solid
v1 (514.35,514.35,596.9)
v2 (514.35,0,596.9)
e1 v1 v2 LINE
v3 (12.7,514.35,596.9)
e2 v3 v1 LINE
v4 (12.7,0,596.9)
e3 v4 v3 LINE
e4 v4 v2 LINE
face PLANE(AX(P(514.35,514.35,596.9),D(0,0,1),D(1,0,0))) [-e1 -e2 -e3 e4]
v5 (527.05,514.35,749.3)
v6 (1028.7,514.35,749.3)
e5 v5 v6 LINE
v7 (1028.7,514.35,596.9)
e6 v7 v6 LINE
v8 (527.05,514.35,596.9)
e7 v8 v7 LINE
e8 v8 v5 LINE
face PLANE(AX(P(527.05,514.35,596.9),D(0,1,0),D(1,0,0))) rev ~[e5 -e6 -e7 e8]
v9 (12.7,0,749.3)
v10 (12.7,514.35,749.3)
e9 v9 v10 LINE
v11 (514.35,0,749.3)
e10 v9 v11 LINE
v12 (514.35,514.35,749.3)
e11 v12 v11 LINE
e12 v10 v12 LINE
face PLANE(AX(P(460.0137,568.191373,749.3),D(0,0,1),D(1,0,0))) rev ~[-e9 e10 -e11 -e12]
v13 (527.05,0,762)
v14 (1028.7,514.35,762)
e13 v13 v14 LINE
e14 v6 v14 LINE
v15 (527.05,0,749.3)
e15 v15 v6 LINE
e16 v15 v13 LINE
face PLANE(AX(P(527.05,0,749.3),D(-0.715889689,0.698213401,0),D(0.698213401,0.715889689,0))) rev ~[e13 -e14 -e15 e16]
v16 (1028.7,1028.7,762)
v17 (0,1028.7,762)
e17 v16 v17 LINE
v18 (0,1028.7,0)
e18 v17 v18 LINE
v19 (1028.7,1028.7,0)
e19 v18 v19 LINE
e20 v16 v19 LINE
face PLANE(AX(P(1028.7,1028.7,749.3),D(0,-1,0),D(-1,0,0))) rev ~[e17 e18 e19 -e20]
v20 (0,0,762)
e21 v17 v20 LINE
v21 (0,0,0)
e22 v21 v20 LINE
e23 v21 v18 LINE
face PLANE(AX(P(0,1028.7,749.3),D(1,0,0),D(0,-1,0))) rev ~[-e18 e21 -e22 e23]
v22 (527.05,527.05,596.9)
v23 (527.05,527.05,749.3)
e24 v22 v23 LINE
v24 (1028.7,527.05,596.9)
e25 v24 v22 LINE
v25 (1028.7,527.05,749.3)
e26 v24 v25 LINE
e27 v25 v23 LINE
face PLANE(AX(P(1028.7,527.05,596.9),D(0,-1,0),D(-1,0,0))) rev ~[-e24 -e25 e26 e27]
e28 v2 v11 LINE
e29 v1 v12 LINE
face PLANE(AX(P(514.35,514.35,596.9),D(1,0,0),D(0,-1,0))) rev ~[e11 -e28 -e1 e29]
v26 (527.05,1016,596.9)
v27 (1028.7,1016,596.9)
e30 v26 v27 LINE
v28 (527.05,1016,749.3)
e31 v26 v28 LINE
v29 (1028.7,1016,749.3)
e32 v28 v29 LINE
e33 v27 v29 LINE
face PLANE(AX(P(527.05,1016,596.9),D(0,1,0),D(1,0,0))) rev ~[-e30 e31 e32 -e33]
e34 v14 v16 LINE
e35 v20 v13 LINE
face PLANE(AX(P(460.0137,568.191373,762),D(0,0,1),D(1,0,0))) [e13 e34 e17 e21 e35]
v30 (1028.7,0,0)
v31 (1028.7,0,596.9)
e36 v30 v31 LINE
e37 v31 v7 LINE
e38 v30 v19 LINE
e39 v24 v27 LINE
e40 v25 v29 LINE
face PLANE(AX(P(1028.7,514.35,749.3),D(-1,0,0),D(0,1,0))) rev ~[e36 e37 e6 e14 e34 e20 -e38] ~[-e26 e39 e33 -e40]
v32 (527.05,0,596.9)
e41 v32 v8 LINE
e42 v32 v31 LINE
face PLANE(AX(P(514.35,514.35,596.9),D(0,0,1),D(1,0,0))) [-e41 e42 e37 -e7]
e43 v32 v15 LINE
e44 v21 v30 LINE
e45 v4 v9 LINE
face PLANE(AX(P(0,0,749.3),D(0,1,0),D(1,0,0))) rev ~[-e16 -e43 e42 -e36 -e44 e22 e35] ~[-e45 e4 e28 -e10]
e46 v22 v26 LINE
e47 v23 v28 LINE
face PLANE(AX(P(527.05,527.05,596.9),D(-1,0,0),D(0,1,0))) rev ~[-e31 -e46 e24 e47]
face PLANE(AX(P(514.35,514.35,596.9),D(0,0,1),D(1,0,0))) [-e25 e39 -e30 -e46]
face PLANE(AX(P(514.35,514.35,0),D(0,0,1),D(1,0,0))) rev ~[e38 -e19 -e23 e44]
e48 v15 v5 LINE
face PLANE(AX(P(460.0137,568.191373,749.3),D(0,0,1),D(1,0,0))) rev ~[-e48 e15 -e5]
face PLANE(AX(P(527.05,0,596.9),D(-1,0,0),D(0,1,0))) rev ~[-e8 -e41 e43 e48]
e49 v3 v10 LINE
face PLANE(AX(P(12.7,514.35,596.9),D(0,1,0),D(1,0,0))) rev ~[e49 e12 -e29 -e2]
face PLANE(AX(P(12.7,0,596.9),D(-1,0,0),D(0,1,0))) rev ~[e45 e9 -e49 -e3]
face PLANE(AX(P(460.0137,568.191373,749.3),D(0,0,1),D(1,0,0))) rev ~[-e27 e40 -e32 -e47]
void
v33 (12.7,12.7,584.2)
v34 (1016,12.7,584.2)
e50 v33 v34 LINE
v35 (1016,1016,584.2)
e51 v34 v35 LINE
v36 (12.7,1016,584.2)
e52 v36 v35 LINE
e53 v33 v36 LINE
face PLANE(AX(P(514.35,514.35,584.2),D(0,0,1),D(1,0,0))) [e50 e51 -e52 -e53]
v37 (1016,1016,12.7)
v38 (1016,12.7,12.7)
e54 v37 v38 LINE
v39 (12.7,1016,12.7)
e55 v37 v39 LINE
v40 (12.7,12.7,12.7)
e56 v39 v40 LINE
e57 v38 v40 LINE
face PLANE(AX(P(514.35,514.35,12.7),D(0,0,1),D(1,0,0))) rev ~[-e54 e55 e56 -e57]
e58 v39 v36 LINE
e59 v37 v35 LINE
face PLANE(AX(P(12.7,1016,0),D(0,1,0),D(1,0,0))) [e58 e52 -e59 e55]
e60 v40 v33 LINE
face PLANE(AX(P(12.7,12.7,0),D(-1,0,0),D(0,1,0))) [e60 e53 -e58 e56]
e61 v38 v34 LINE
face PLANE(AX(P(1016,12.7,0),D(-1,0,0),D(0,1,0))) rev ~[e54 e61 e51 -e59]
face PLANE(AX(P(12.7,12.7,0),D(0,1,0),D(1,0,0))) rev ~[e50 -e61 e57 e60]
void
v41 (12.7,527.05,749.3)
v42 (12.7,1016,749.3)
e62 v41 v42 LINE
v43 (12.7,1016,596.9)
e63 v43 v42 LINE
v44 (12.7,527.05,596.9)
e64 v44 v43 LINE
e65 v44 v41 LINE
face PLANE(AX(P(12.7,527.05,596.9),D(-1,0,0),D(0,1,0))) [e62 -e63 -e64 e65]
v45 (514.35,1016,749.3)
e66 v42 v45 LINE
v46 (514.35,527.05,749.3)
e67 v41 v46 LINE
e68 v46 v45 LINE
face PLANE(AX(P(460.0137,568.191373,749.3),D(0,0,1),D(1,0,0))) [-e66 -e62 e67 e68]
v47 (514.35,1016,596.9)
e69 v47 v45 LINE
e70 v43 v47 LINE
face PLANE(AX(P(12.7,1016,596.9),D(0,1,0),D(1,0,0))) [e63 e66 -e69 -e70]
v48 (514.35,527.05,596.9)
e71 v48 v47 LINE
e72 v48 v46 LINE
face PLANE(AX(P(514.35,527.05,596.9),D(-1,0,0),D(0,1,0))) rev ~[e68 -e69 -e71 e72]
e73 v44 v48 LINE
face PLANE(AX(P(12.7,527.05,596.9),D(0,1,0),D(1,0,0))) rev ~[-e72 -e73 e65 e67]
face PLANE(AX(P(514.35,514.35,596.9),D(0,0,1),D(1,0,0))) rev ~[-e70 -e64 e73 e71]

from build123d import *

# Parameters (mm, degrees)
F0_W     = 1028.7
F0_H     = 1028.7
F1_DEPTH = 12.7
F2_W     = 1028.7
F2_H     = 1028.7
F2_W_2   = 1003.3
F2_H_2   = 1003.3
F3_DEPTH = 584.2
F4_W     = 1028.7
F4_H     = 1028.7
F5_DEPTH = 12.7
F6_W     = 501.65
F6_H     = 488.95
F7_DEPTH = 152.4
F9_DEPTH = 12.7


with BuildPart() as f1:
    # F0 (on Top) → F1 (new body)
    with BuildSketch(Plane.XY):
        with Locations((514.35, 514.35)):
            Rectangle(F0_W, F0_H)
    extrude(amount=F1_DEPTH)

    # F2 (on Top) → F3 (join)
    with BuildSketch(Plane.XY):
        with Locations((514.35, 514.35)):
            Rectangle(F2_W, F2_H)
        with Locations((514.35, 514.35)):
            Rectangle(F2_W_2, F2_H_2, mode=Mode.SUBTRACT)
    extrude(amount=F3_DEPTH)

    # F4 (on face) → F5 (join)
    with BuildSketch(Plane.XY.offset(584.2)):
        with Locations((514.35, 514.35)):
            Rectangle(F4_W, F4_H)
    extrude(amount=F5_DEPTH)

    # F6 (on face) → F7 (join)
    with BuildSketch(Plane.XY.offset(596.9)):
        Polygon((1028.7, 1028.7), (0, 1028.7), (0, 0), (12.7, 0), (12.7, 12.7), (12.7, 514.35), (514.35, 514.35), (514.35, 12.7), (514.35, 0), (527.05, 0), (527.05, 12.7), (527.05, 514.35), (952.5, 514.35), (1028.7, 514.35), (1028.7, 527.05), (952.5, 527.05), (527.05, 527.05), (527.05, 1016), (1016, 1016), (1028.7, 1016), align=None)
        with Locations((263.525, 771.525)):
            Rectangle(F6_W, F6_H, mode=Mode.SUBTRACT)
    extrude(amount=F7_DEPTH)

    # F8 (on face) → F9 (join)
    with BuildSketch(Plane.XY.offset(749.3)):
        Polygon((0, 1028.7), (0, 0), (527.05, 0), (1028.7, 514.35), (1028.7, 1028.7), align=None)
    extrude(amount=F9_DEPTH)


solid = f1.part
